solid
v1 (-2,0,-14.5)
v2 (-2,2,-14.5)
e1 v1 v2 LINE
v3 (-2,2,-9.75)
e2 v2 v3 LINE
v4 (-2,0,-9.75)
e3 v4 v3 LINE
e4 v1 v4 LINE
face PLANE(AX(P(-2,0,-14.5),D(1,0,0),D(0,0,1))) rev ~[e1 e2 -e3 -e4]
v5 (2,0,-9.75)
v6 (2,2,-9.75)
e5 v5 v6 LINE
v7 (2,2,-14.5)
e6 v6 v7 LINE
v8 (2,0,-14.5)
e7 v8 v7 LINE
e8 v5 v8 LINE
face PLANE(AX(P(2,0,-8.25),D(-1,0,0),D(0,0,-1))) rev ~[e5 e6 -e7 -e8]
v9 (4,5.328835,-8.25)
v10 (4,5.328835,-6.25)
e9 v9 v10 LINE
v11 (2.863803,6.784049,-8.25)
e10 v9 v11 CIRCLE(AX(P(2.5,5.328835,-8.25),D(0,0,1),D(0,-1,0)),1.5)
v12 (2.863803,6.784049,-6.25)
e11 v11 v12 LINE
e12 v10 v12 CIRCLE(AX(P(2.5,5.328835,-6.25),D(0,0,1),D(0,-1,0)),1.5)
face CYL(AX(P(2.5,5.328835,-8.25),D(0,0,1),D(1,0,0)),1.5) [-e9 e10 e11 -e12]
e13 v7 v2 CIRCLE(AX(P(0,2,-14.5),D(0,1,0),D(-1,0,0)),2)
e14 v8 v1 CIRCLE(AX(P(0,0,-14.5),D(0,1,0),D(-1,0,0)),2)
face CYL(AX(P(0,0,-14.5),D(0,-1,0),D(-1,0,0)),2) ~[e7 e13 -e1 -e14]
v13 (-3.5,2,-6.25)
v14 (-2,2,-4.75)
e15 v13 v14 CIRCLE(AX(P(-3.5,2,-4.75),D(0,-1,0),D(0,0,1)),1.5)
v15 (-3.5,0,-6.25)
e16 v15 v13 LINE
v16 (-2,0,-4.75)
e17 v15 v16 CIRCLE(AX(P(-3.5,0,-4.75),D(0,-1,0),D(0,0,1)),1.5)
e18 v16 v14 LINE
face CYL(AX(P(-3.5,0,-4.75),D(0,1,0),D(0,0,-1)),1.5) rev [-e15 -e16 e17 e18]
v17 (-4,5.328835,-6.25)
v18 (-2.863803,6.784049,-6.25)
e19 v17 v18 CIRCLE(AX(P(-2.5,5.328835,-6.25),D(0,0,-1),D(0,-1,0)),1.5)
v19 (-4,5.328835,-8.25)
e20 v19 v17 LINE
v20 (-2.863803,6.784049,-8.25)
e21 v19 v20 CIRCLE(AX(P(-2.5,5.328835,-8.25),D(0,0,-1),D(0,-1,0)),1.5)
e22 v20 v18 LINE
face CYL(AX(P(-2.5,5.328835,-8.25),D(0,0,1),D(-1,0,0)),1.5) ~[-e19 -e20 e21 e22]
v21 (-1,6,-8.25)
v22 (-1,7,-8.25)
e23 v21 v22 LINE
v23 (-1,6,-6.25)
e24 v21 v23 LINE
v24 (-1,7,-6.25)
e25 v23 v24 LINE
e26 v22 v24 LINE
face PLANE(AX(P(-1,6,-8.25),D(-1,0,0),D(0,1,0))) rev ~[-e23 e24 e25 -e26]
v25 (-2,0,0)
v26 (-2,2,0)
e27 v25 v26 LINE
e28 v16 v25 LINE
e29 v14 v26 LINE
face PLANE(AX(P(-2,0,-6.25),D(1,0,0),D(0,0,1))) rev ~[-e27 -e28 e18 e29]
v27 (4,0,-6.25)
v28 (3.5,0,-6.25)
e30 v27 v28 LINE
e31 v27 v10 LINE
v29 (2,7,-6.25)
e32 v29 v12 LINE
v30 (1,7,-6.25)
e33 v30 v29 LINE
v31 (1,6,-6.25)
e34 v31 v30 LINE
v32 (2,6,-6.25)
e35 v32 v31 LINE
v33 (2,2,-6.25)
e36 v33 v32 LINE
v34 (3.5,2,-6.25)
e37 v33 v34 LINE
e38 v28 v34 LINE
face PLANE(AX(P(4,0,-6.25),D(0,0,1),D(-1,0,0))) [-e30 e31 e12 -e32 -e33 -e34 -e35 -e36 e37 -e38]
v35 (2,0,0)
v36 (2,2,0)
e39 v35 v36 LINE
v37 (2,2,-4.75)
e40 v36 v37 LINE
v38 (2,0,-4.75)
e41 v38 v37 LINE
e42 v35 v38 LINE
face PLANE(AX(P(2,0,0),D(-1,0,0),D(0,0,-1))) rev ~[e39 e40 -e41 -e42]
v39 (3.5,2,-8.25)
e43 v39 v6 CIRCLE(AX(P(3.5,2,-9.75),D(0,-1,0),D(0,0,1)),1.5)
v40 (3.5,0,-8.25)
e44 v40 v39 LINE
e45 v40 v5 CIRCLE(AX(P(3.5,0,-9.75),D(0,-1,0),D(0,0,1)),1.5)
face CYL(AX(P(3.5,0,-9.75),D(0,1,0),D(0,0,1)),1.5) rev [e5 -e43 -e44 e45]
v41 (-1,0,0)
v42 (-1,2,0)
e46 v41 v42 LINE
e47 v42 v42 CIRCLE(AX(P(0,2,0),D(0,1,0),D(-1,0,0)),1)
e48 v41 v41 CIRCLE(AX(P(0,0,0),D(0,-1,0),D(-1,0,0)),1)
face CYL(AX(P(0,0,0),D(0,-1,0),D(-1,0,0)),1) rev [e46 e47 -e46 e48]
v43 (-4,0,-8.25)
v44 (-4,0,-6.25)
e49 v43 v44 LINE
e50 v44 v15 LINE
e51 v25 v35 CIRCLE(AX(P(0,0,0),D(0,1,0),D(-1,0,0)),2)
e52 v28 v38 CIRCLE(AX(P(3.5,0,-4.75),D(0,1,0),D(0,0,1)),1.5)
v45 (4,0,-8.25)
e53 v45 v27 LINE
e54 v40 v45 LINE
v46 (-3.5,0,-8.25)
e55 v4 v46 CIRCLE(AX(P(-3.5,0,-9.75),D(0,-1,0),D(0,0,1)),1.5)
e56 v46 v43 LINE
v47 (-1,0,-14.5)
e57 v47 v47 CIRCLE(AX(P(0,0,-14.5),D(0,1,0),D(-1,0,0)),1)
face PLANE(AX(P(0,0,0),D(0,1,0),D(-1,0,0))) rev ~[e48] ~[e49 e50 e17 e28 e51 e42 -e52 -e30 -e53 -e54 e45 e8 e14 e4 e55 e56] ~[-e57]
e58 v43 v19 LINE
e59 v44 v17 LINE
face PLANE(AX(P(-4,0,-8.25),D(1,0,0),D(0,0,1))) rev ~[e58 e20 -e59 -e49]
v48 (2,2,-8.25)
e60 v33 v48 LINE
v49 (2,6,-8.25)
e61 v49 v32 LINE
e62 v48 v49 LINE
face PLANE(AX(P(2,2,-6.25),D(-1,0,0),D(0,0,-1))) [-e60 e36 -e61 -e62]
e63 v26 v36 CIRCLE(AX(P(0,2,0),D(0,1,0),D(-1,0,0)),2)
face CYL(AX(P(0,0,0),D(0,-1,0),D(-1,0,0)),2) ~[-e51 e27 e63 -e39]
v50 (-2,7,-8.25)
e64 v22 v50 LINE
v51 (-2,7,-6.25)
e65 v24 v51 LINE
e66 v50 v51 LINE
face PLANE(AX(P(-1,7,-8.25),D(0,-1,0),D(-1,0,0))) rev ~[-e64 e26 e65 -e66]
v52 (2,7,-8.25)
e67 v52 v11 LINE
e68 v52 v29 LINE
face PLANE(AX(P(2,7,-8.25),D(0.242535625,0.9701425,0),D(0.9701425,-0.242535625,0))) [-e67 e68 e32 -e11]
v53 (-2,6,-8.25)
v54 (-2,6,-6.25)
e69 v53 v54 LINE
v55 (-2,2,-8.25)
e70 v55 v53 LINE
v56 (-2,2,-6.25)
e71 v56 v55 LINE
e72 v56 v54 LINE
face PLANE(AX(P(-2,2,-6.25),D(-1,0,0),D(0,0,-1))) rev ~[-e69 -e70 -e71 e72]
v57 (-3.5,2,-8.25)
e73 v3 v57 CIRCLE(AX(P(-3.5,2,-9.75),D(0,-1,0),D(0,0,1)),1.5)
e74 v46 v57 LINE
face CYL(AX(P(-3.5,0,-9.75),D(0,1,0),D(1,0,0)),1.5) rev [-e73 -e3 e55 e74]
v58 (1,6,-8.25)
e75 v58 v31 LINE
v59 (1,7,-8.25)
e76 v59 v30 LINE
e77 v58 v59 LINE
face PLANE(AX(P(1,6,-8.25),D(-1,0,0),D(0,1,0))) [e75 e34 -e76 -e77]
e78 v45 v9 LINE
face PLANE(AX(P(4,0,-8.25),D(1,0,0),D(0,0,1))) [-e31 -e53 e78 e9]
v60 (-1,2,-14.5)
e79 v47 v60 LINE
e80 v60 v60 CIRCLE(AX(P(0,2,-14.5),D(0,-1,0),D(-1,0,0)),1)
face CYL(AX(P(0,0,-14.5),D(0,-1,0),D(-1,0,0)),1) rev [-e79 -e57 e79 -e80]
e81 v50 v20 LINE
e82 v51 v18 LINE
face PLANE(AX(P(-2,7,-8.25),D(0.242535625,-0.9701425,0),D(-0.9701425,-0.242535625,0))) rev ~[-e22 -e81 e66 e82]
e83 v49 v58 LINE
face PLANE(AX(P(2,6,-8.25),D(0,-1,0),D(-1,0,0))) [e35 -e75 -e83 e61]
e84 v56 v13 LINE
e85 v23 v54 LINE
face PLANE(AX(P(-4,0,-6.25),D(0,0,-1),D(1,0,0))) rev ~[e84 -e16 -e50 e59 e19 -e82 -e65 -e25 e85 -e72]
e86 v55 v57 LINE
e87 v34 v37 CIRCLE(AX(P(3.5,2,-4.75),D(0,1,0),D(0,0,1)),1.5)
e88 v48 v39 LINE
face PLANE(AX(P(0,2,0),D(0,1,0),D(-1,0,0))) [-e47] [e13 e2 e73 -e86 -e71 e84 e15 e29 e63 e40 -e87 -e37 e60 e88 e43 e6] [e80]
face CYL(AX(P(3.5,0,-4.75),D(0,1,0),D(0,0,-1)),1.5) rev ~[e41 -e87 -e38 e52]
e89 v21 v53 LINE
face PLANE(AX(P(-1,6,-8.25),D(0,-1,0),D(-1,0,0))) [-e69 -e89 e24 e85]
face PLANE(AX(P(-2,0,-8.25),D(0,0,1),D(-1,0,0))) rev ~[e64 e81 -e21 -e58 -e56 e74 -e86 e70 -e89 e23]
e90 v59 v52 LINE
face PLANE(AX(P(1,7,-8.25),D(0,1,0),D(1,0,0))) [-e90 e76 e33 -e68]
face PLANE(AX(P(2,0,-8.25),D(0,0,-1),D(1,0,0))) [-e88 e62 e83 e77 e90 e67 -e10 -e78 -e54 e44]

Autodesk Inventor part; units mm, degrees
ref_plane "YZ Plane" through (0, 0, 0) normal (1, 0, 0) x (0, 1, 0)
ref_plane "XZ Plane" through (0, 0, 0) normal (0, 1, 0) x (-1, 0, 0)
ref_plane "XY Plane" through (0, 0, 0) normal (0, 0, 1) x (1, 0, 0)
sketch "Sketch1" plane through (0, 0, 0) normal (0, 1, 0) x (-1, 0, 0)
  circle A0 centre (0, 0) radius 1
  circle A1 centre (0, 0) radius 2
  line L0 (2, 0) -> (-2, 0)
  line L1 (-2, 0) -> (-2, -8.25)
  line L2 (-2, -8.25) -> (2, -8.25)
  line L3 (2, -8.25) -> (2, 0)
  line L4 (2, -8.25) -> (4, -8.25)
  line L5 (4, -8.25) -> (4, -6.25)
  line L6 (4, -6.25) -> (2, -6.25)
  line L7 (2, -6.25) -> (2, -8.25)
  line L8 (-2, -8.25) -> (-4, -8.25)
  line L9 (-4, -8.25) -> (-4, -6.25)
  line L10 (-4, -6.25) -> (-2, -6.25)
  line L11 (-2, -6.25) -> (-2, -8.25)
  line L12 (0, 0) -> (0, -14.5)
  line L13 (0, 0) -> (14.5, 0) construction
  circle A2 centre (0, -14.5) radius 1
  circle A3 centre (0, -14.5) radius 2
  line L14 (2, -8.25) -> (-2, -8.25)
  line L15 (-2, -8.25) -> (-2, -14.5)
  line L16 (-2, -14.5) -> (2, -14.5)
  line L17 (2, -14.5) -> (2, -8.25)
  point P0 (-2, -6.25)
  point P1 (2, -6.25)
  point P2 (2, -14.5)
  dimension "d1" = 4
  dimension "d25" = 4
  dimension "d0" = 2
  dimension "d2" = 8.25
  dimension "d3" = 2
  dimension "d4" = 2
  dimension "d5" = 2
  dimension "d6" = 2
  dimension "d22" = 14.5
  dimension "d23" = 90
  dimension "d24" = 2
extrude "Extrusion1" add sketch "Sketch1" along normal blind 2 contours L0 A1 L12 A0 | A0 L0 A1 | A0 L12 A1 L0 | L3 L2 L12 A1 | A1 L12 L2 L1 | L6 L5 L4 L3 | L1 L8 L9 L10 | L12 A3 L15 L2 | L2 L17 A3 L12 | A3 L16 A2 L12 | L12 A2 L16 A3 | A3 L16 A2
sketch "Sketch2" plane through (0, 2, 0) normal (0, 1, 0) x (1, 0, 0)
  line L0 (-4, 6.25) -> (-2, 6.25) projected
  line L1 (4, 8.25) -> (-4, 8.25) projected
  line L2 (-4, 6.25) -> (-2, 6.25)
  line L3 (-2, 6.25) -> (-2, 8.25)
  line L4 (-2, 8.25) -> (-4, 8.25)
  line L5 (-4, 8.25) -> (-4, 6.25)
  line L6 (4, 6.25) -> (2, 6.25)
  line L7 (2, 6.25) -> (2, 8.25)
  line L8 (2, 8.25) -> (4, 8.25)
  line L9 (4, 8.25) -> (4, 6.25)
  point P0 (0, 0)
  point P1 (-4, 8.25)
  point P2 (-2, 6.25)
  dimension "d9" = 2
  dimension "d10" = 2
extrude "Extrusion2" add sketch "Sketch2" along normal blind 4.5
sketch "Sketch3" plane through (4, 0, -8.25) normal (0, 0, -1) x (-1, 0, 0)
  line L0 (2, 6.5) -> (0, 6.5) projected
  line L1 (2, 6.5) -> (2, 6)
  line L2 (2, 2) -> (2, 6.5) projected
  line L3 (2, 6) -> (6, 6)
  line L4 (2, 6) -> (3, 6)
  line L5 (3, 6) -> (3, 7)
  line L6 (3, 7) -> (2, 7)
  line L7 (2, 7) -> (2, 6)
  line L8 (6, 6) -> (5, 6)
  line L9 (5, 6) -> (5, 7)
  line L10 (5, 7) -> (6, 7)
  line L11 (6, 7) -> (6, 6)
  line L12 (2, 7) -> (0, 6.5)
  line L13 (8, 0) -> (8, 6.5) projected
  line L14 (6, 7) -> (8, 6.5)
  line L15 (8, 6.5) -> (6, 6.5)
  line L16 (0, 6.5) -> (2, 6.5)
  point P0 (4, 0)
  dimension "d13" = 0.5
  dimension "d14" = 4
  dimension "d15" = 1
  dimension "d16" = 1
  dimension "d17" = 1
  dimension "d18" = 1
extrude "Extrusion3" add sketch "Sketch3" against normal blind 2
fillet "Fillet1" radius 1.5 2 edges at (4, 6.5, -7.25) (-4, 6.5, -7.25)
fillet "Fillet2" radius 1.5 4 edges at (-2, 1, -6.25) (2, 1, -6.25) (-2, 1, -8.25) (2, 1, -8.25)
properties part number "leg_wire_holder"
